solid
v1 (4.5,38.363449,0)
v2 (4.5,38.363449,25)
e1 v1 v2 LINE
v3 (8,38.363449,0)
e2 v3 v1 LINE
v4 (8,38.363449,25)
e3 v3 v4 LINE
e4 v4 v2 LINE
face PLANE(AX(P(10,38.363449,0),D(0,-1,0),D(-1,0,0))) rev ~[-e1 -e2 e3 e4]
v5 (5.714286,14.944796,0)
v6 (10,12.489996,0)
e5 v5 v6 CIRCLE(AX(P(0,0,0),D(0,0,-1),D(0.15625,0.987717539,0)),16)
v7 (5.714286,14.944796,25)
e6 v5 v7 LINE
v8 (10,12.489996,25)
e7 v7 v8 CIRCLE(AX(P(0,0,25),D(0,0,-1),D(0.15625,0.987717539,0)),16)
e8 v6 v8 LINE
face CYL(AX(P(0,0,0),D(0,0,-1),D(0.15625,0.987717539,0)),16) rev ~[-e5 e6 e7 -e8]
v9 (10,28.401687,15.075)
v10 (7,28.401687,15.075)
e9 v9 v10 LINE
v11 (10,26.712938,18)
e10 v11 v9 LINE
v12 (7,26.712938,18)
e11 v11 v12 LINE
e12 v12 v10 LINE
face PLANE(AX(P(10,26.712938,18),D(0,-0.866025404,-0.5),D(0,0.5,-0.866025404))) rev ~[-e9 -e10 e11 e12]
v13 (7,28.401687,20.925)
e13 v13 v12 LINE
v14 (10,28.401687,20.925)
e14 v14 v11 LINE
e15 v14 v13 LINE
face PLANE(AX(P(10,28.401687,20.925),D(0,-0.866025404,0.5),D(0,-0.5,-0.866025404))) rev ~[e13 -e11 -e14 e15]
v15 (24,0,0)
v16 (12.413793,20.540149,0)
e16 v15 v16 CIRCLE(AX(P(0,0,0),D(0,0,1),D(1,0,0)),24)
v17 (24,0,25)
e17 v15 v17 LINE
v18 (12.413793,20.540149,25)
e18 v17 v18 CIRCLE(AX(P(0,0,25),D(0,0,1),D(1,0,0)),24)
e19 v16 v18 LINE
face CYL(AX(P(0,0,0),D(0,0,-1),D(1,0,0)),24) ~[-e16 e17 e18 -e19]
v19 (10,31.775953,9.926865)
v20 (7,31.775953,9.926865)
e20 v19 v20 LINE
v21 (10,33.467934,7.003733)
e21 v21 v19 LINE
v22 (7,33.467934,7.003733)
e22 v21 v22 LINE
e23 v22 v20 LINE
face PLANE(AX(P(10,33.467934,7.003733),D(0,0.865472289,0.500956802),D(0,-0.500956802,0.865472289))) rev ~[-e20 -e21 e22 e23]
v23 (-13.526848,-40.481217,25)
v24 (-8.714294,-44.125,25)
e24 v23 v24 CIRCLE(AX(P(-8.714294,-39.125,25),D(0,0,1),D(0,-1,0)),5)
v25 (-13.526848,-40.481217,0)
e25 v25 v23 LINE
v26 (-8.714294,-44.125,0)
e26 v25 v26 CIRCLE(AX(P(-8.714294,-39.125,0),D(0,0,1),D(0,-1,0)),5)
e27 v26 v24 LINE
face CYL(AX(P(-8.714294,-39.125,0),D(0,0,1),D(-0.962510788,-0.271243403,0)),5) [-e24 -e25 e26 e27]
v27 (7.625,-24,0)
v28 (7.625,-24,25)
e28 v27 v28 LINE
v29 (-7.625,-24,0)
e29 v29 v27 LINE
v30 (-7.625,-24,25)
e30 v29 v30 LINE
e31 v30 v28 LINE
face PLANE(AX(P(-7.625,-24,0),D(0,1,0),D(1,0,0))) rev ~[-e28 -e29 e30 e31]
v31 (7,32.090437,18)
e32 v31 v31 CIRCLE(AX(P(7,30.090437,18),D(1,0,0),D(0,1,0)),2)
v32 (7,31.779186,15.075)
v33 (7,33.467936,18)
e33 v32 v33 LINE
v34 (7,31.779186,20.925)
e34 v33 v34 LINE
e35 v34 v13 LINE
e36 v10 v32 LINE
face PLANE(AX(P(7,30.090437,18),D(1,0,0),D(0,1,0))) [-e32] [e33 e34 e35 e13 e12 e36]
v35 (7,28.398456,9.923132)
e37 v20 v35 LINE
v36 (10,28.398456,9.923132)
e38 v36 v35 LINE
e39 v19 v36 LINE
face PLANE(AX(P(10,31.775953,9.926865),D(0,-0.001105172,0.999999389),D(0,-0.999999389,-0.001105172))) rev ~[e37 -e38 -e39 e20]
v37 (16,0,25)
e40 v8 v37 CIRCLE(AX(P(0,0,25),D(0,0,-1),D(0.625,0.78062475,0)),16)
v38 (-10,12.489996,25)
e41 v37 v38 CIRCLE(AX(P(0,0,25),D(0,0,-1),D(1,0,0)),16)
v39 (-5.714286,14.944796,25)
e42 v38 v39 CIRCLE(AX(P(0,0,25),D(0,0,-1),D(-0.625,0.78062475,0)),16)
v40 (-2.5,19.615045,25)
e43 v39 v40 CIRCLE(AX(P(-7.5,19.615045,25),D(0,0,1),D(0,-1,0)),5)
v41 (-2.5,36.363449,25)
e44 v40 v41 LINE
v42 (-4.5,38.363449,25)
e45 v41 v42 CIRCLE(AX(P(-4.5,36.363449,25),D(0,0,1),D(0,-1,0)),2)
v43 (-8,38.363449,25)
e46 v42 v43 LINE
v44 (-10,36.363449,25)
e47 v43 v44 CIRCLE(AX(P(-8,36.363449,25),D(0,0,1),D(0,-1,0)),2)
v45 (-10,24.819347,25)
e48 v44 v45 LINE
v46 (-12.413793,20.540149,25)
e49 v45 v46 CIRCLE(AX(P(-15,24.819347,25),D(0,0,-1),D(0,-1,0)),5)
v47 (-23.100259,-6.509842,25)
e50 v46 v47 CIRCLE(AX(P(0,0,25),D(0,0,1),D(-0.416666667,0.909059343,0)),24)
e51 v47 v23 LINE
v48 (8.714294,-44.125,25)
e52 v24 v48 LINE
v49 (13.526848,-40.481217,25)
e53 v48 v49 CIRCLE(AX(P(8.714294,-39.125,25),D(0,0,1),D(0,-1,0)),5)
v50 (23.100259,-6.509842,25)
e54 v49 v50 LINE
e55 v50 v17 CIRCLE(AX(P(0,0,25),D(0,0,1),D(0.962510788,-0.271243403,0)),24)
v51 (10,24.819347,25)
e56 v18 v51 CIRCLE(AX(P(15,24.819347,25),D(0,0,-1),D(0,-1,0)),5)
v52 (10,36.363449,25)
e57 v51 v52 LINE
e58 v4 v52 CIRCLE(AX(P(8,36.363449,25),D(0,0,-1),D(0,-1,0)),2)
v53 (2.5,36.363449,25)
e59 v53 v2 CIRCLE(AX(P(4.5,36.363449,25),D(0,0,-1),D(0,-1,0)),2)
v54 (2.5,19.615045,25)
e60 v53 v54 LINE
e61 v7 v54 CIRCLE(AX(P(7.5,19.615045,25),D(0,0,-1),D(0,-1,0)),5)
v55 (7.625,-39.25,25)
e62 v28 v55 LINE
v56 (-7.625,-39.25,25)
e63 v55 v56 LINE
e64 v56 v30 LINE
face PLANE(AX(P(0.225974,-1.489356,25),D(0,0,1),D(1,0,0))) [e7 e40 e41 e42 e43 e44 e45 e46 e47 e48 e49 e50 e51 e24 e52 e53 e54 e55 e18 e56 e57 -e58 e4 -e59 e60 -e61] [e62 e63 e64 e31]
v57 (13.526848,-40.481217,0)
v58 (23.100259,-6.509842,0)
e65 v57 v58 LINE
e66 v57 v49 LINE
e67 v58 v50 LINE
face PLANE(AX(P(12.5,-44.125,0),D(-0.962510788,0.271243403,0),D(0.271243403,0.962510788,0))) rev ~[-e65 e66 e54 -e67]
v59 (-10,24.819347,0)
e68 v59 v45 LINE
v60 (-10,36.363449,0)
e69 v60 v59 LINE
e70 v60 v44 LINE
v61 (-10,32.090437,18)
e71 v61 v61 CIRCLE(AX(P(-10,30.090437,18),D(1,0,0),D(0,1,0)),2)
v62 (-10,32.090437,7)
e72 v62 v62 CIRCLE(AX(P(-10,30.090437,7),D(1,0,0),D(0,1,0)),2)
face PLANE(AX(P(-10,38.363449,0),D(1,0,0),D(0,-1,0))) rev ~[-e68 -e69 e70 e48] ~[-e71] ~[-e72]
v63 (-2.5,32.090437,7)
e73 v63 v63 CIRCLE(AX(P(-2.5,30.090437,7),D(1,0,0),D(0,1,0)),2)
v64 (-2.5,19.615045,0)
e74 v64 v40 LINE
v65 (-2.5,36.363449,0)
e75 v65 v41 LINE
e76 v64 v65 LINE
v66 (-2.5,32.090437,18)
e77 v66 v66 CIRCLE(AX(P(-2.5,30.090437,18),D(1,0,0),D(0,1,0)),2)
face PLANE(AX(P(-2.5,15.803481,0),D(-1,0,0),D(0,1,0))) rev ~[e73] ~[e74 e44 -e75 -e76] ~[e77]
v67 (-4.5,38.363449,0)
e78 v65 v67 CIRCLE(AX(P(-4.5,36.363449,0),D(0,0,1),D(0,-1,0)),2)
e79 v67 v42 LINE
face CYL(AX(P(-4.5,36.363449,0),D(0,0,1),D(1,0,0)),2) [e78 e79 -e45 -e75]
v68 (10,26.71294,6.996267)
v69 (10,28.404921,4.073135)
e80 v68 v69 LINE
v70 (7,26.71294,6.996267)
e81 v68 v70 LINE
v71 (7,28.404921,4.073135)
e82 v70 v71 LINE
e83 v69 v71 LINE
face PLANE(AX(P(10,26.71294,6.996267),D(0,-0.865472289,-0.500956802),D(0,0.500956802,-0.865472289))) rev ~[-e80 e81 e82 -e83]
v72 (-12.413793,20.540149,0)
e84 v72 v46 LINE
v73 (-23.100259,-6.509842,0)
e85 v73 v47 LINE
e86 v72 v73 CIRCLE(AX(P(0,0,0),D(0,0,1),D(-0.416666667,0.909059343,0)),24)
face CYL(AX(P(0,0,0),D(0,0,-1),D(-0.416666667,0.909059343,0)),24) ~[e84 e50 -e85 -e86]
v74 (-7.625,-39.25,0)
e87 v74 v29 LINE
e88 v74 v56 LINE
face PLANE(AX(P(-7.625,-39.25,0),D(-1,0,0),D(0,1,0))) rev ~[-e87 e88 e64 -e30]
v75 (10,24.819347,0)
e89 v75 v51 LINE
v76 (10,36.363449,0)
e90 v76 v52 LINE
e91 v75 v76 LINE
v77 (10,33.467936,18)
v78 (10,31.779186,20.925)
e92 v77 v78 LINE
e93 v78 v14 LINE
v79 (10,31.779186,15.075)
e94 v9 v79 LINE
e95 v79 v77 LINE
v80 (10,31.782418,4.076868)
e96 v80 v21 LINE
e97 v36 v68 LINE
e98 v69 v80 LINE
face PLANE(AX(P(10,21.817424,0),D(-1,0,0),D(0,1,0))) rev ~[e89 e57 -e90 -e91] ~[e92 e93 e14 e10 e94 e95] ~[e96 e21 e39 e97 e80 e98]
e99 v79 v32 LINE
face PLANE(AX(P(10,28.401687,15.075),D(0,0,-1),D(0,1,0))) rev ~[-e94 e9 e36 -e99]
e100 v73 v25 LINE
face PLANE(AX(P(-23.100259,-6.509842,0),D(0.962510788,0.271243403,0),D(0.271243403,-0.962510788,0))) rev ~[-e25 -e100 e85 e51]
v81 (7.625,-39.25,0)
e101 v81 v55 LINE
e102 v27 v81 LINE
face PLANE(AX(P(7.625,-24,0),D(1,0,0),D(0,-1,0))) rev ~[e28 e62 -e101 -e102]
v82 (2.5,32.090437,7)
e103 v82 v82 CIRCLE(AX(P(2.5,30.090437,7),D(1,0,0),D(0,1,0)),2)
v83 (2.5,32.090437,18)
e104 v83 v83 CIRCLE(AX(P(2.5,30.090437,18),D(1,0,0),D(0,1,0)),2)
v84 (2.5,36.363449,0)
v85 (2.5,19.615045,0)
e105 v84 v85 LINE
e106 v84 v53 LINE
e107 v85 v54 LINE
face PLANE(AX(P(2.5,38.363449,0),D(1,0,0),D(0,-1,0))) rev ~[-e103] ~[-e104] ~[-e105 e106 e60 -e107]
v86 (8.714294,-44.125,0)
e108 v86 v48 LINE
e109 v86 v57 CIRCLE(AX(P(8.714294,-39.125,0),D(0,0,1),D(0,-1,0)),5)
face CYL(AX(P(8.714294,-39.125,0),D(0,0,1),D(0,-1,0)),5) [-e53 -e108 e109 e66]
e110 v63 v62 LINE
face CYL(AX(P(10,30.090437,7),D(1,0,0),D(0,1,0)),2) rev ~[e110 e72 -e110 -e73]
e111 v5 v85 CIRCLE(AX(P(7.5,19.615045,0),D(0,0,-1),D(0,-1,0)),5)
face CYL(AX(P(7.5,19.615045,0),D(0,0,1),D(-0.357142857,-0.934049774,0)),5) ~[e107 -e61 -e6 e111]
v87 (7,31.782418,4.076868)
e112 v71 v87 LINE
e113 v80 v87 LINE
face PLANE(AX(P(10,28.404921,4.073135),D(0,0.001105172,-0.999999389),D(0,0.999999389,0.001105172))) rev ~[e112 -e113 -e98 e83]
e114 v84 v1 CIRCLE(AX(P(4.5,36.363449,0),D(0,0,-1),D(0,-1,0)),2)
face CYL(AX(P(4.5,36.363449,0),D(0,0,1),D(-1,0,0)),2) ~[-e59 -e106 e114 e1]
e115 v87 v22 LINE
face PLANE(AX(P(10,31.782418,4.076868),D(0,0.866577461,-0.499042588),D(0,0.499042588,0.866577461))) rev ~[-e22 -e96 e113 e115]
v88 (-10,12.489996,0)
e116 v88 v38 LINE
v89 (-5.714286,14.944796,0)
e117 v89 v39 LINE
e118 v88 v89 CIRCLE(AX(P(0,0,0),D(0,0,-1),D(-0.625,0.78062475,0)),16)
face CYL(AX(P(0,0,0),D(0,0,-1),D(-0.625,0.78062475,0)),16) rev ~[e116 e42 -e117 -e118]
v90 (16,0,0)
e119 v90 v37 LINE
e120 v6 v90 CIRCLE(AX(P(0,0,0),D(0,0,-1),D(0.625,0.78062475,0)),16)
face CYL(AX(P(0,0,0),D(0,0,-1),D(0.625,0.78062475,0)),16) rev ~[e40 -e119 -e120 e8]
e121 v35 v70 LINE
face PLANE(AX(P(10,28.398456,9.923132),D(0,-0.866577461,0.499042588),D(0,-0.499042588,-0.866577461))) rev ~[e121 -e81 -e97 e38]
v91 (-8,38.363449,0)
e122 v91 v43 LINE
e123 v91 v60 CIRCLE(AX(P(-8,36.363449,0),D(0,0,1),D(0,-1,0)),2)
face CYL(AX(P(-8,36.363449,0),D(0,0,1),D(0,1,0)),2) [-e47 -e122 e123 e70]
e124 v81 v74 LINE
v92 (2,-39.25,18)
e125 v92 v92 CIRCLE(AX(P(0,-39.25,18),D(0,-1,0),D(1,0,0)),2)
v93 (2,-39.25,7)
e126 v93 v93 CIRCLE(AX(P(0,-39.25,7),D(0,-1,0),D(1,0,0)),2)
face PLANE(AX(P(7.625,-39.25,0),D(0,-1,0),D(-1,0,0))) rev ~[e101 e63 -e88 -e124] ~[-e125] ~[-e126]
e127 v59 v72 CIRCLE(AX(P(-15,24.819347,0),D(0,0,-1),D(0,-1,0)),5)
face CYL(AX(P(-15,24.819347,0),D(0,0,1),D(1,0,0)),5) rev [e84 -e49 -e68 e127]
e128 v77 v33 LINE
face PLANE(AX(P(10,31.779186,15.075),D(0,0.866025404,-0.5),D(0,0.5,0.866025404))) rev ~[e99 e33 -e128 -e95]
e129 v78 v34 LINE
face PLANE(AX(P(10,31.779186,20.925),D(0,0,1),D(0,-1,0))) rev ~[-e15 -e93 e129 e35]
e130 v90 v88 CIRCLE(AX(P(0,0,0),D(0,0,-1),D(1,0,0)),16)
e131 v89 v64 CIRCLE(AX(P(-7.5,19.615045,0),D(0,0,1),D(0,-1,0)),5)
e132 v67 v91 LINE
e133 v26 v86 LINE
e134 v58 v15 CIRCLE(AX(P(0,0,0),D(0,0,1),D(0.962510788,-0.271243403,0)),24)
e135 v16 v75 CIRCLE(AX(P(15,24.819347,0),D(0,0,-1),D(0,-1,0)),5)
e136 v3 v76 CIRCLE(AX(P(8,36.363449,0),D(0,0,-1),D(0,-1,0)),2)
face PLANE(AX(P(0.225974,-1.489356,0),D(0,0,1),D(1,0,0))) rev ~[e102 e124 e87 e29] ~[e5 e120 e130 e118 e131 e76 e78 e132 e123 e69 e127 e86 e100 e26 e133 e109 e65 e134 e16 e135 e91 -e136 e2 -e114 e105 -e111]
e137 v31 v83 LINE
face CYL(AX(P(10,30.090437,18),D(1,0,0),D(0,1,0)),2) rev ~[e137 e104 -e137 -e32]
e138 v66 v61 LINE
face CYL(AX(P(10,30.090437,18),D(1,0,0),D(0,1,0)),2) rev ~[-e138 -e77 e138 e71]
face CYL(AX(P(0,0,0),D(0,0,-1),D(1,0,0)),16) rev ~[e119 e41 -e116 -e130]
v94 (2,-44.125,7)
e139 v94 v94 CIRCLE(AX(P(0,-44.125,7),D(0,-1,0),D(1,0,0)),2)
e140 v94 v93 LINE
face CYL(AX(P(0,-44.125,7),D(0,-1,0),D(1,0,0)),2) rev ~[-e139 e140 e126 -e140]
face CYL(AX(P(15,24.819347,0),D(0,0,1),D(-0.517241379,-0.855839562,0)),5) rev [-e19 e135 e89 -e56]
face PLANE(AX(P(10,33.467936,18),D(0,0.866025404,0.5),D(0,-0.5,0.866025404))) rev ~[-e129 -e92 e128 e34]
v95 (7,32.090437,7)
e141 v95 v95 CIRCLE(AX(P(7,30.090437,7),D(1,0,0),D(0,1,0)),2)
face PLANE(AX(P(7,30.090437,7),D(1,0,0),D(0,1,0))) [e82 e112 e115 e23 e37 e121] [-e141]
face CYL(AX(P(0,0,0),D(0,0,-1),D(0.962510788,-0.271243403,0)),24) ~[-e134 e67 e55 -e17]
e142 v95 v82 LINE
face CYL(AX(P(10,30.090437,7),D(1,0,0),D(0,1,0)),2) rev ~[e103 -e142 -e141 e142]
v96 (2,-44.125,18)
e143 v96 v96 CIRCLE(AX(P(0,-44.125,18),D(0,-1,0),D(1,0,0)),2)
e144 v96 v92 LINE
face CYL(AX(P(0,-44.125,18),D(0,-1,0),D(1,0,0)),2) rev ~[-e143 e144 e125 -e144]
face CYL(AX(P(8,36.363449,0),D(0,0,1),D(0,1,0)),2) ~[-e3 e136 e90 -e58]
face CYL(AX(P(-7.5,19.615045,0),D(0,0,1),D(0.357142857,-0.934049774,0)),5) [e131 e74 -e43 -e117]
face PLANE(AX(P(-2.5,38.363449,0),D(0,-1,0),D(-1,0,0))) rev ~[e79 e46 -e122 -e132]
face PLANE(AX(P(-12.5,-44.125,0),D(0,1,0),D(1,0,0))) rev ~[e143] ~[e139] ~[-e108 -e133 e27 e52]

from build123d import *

# Parameters (mm, degrees)
F1_DEPTH = 25
F3_R     = 2
F4_DEPTH = 10
F2_R     = 2
F5_DEPTH = 50
F6_R     = 5
F7_R     = 2
F8_DEPTH = 3


with BuildPart() as f1:
    # F0 (on Top) → F1 (new body)
    with BuildSketch(Plane.XY):
        with BuildLine():
            ThreePointArc((10, 12.4899959968), (14.4222051019, 6.9282032303), (16, 0))
            ThreePointArc((16, 0), (-6.9282032303, -14.4222051019), (-10, 12.4899959968))
            Line((-10, 12.4899959968), (-10, 21.8174242293))
            ThreePointArc((-10, 21.8174242293), (-21.7833717136, 10.0739623181), (-23.1002589039, -6.5098416703))
            ThreePointArc((-23.1002589039, -6.5098416703), (-19.1230344611, -14.5020534064), (-12.5, -20.4878012485))
            Line((-12.5, -20.4878012485), (-12.5, -19.125))
            Line((-12.5, -19.125), (12.5, -19.125))
            Line((12.5, -19.125), (12.5, -20.4878012485))
            ThreePointArc((12.5, -20.4878012485), (19.1230344611, -14.5020534064), (23.1002589039, -6.5098416703))
            ThreePointArc((23.1002589039, -6.5098416703), (23.7740006488, -3.2858626193), (24, 0))
            ThreePointArc((24, 0), (20.1990098767, 12.9614813968), (10, 21.8174242293))
            Line((10, 21.8174242293), (10, 12.4899959968))
        make_face()
        with BuildLine():
            Line((-10, 21.8174242293), (-10, 12.4899959968))
            ThreePointArc((-10, 12.4899959968), (-6.4658560997, 14.635323874), (-2.5, 15.8034806293))
            Line((-2.5, 15.8034806293), (-2.5, 23.8694365246))
            ThreePointArc((-2.5, 23.8694365246), (-6.3336552334, 23.1491859767), (-10, 21.8174242293))
        make_face()
        with BuildLine():
            Line((-10, 38.3634492755), (-10, 21.8174242293))
            ThreePointArc((-10, 21.8174242293), (-6.3336552334, 23.1491859767), (-2.5, 23.8694365246))
            Line((-2.5, 23.8694365246), (-2.5, 38.3634492755))
            Line((-2.5, 38.3634492755), (-10, 38.3634492755))
        make_face()
        with BuildLine():
            ThreePointArc((2.5, 15.8034806293), (6.4658560997, 14.635323874), (10, 12.4899959968))
            Line((10, 12.4899959968), (10, 21.8174242293))
            ThreePointArc((10, 21.8174242293), (6.3336552334, 23.1491859767), (2.5, 23.8694365246))
            Line((2.5, 23.8694365246), (2.5, 15.8034806293))
        make_face()
        with BuildLine():
            ThreePointArc((2.5, 23.8694365246), (6.3336552334, 23.1491859767), (10, 21.8174242293))
            Line((10, 21.8174242293), (10, 38.3634492755))
            Line((10, 38.3634492755), (2.5, 38.3634492755))
            Line((2.5, 38.3634492755), (2.5, 23.8694365246))
        make_face()
        with BuildLine():
            Line((-12.5, -19.125), (-12.5, -20.4878012485))
            ThreePointArc((-12.5, -20.4878012485), (-6.492024724, -23.1052724499), (0, -24))
            ThreePointArc((0, -24), (6.492024724, -23.1052724499), (12.5, -20.4878012485))
            Line((12.5, -20.4878012485), (12.5, -19.125))
            Line((12.5, -19.125), (-12.5, -19.125))
        make_face()
        with BuildLine():
            ThreePointArc((-12.5, -20.4878012485), (-19.1230344611, -14.5020534064), (-23.1002589039, -6.5098416703))
            Line((-23.1002589039, -6.5098416703), (-12.5, -44.125))
            Line((-12.5, -44.125), (-12.5, -20.4878012485))
        make_face()
        with BuildLine():
            ThreePointArc((0, -24), (-6.492024724, -23.1052724499), (-12.5, -20.4878012485))
            Line((-12.5, -20.4878012485), (-12.5, -44.125))
            Line((-12.5, -44.125), (12.5, -44.125))
            Line((12.5, -44.125), (12.5, -20.4878012485))
            ThreePointArc((12.5, -20.4878012485), (6.492024724, -23.1052724499), (0, -24))
        make_face()
        Polygon((-7.625, -24), (0, -24), (7.625, -24), (7.625, -39.25), (-7.625, -39.25), align=None, mode=Mode.SUBTRACT)
        with BuildLine():
            Line((12.5, -44.125), (23.1002589039, -6.5098416703))
            ThreePointArc((23.1002589039, -6.5098416703), (19.1230344611, -14.5020534064), (12.5, -20.4878012485))
            Line((12.5, -20.4878012485), (12.5, -44.125))
        make_face()
    extrude(amount=F1_DEPTH)

    # F3 (on face) → F4 (cut)
    with BuildSketch(Plane.XZ.offset(44.125)):
        with Locations((0, 7)):
            Circle(F3_R)
        with Locations((0, 18)):
            Circle(F3_R)
    extrude(amount=-F4_DEPTH, mode=Mode.SUBTRACT)

    # F2 (on face) → F5 (cut)
    with BuildSketch(Plane.YZ.offset(10)):
        with Locations((30.0904367524, 18)):
            Circle(F2_R)
        with Locations((30.0904367524, 7)):
            Circle(F2_R)
    extrude(amount=-F5_DEPTH, mode=Mode.SUBTRACT)

    # F6
    f6_edges = [f1.edges().sort_by_distance(p)[0] for p in [
        (12.5, -44.125, 12.5),
        (-12.5, -44.125, 12.5),
        (10, 21.817424, 12.5),
        (-10, 21.817424, 12.5),
        (-2.5, 15.803481, 12.5),
        (2.5, 15.803481, 12.5),
    ]]
    fillet(f6_edges, radius=F6_R)

    # F7
    f7_edges = [f1.edges().sort_by_distance(p)[0] for p in [
        (10, 38.363449, 12.5),
        (-10, 38.363449, 12.5),
        (-2.5, 38.363449, 12.5),
        (2.5, 38.363449, 12.5),
    ]]
    fillet(f7_edges, radius=F7_R)

    # F2 (on face) → F8 (cut)
    with BuildSketch(Plane.YZ.offset(10)):
        Polygon((33.4679358271, 18), (31.7791862898, 20.925), (28.401687215, 20.925), (26.7129376776, 18), (28.401687215, 15.075), (31.7791862898, 15.075), align=None)
        with Locations((30.0904367524, 18)):
            Circle(F2_R, mode=Mode.SUBTRACT)
        Polygon((33.4679337645, 7.0037327168), (31.7759526309, 9.9268645721), (28.3984556188, 9.9231318553), (26.7129397403, 6.9962672832), (28.4049208739, 4.0731354279), (31.782417886, 4.0768681447), align=None)
        with Locations((30.0904367524, 7)):
            Circle(F2_R, mode=Mode.SUBTRACT)
    extrude(amount=-F8_DEPTH, mode=Mode.SUBTRACT)


solid = f1.part
